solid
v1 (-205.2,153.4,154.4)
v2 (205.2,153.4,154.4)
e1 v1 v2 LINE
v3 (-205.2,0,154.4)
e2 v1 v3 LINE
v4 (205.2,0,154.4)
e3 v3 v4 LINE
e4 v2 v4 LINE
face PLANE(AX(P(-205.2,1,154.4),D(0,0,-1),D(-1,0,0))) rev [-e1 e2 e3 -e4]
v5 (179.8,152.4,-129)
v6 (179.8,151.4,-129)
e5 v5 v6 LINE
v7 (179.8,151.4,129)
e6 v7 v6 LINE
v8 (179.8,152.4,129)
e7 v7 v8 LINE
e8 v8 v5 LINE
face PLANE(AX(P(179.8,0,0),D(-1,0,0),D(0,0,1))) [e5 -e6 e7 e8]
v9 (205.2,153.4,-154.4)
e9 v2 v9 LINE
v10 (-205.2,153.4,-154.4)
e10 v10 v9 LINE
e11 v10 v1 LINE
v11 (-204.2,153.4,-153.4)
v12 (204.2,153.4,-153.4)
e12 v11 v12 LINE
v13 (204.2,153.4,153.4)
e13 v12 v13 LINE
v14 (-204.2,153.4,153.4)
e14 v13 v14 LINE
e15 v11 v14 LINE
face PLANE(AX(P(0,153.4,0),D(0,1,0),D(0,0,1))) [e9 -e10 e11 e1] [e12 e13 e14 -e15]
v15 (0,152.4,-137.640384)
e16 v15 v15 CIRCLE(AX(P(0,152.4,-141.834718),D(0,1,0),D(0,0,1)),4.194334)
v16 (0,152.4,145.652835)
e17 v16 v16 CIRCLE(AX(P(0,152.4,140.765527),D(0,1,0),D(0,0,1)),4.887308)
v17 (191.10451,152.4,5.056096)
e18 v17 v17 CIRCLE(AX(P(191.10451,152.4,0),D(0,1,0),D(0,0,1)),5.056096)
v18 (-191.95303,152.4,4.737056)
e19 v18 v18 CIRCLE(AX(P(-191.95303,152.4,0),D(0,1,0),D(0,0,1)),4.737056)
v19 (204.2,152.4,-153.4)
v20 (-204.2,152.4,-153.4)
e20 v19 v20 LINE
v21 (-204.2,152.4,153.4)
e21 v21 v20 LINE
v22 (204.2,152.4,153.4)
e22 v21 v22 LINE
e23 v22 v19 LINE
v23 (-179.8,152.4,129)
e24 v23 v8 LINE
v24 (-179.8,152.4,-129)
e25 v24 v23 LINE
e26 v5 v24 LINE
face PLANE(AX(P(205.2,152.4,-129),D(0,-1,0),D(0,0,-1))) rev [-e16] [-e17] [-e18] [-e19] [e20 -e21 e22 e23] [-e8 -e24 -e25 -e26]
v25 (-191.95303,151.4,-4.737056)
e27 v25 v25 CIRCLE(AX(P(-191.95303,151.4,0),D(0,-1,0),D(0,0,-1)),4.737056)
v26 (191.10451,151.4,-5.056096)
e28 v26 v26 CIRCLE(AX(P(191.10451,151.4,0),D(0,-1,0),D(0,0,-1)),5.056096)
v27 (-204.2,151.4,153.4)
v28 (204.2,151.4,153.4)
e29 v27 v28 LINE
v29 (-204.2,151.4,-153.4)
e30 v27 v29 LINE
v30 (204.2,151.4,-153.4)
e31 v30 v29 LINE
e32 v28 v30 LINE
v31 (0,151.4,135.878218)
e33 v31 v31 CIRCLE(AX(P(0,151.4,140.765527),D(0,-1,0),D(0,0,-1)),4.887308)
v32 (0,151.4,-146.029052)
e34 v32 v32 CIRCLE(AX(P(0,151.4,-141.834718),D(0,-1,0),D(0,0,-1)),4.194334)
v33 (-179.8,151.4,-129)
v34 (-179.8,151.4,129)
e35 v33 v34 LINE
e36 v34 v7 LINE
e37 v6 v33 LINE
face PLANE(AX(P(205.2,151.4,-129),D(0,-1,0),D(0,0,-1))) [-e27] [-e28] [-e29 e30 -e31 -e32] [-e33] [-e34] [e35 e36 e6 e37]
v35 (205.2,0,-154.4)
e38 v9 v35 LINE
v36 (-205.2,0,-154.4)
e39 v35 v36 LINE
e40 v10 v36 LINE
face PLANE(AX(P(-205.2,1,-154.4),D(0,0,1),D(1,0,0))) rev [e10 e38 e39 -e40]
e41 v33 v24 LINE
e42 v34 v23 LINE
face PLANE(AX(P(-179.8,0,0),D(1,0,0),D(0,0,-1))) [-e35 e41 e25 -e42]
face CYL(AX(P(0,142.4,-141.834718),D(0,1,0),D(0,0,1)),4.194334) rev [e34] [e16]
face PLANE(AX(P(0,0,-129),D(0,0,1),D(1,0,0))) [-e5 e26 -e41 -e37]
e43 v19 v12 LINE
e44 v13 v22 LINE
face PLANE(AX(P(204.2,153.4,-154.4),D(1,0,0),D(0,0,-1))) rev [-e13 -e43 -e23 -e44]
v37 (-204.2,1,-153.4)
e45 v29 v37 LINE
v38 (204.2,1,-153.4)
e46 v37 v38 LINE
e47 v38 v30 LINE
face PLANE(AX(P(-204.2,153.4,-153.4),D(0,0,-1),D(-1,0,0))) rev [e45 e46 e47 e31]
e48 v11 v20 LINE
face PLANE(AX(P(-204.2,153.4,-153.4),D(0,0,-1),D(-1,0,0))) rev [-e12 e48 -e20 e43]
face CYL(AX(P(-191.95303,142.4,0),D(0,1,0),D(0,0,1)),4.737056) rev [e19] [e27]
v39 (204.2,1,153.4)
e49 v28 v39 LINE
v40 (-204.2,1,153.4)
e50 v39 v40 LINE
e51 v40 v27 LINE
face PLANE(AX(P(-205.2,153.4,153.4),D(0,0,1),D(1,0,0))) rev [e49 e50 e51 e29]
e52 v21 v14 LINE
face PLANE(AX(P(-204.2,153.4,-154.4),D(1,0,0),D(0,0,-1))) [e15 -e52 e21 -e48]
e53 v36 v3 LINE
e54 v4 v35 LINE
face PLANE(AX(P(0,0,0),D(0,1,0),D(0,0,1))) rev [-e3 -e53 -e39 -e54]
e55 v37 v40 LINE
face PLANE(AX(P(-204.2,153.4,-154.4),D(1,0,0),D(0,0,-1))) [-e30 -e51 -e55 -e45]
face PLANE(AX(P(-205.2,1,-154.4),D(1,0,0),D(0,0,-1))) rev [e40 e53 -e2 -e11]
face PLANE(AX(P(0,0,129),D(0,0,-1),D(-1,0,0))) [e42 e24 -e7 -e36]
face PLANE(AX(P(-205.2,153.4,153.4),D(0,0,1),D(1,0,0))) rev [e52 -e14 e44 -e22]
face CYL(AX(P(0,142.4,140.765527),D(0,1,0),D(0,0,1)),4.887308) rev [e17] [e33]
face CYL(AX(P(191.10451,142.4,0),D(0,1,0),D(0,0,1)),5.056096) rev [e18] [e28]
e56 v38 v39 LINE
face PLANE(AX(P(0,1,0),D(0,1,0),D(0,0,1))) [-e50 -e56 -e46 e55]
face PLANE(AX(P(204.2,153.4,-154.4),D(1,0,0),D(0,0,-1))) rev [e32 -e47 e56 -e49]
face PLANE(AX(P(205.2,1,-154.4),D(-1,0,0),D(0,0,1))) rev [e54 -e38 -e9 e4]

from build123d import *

# Parameters (mm, degrees)
SKETCH1_W           = 410.4
SKETCH1_H           = 308.8
BOSS_EXTRUDE2_DEPTH = 1
SKETCH5_W           = 410.4
SKETCH5_H           = 1
BOSS_EXTRUDE4_DEPTH = 152.4
SKETCH10_W          = 1
SKETCH10_H          = 308.8
EXTRUDE_THIN2_DEPTH = 152.4
SKETCH11_W          = 1
SKETCH11_H          = 307.8
SKETCH11_W_2        = 409.4
SKETCH11_H_2        = 1
EXTRUDE_THIN3_DEPTH = 152.4
SKETCH12_W          = 410.4
SKETCH12_H          = 1
EXTRUDE_THIN4_DEPTH = 25.4
SKETCH13_W          = 308.8
SKETCH13_H          = 1
EXTRUDE_THIN5_DEPTH = 25.4
SKETCH14_W          = 410.4
SKETCH14_H          = 1
EXTRUDE_THIN6_DEPTH = 25.4
SKETCH15_W          = 308.8
SKETCH15_H          = 1
EXTRUDE_THIN7_DEPTH = 25.4
SKETCH19_R          = 5.056095902
SKETCH19_R_2        = 4.737056414
SKETCH19_R_3        = 4.194334137
SKETCH19_R_4        = 4.887308366
CUT_EXTRUDE3_DEPTH  = 10


with BuildPart() as part:
    # Sketch1 → Boss-Extrude2 (new body)
    with BuildSketch(Plane(origin=(0, 0, 0), x_dir=(1, 0, 0), z_dir=(0, 1, 0))):
        Rectangle(SKETCH1_W, SKETCH1_H)
    extrude(amount=BOSS_EXTRUDE2_DEPTH)

    # Sketch5 → Boss-Extrude4 (add)
    with BuildSketch(Plane(origin=(0, 1, 0), x_dir=(1, 0, 0), z_dir=(0, 1, 0))):
        with Locations((0, -153.9)):
            Rectangle(SKETCH5_W, SKETCH5_H)
    extrude(amount=BOSS_EXTRUDE4_DEPTH)

    # Sketch10 → Extrude-Thin2 (add)
    with BuildSketch(Plane(origin=(0, 1, 0), x_dir=(1, 0, 0), z_dir=(0, 1, 0))):
        with Locations((-204.7, 0)):
            Rectangle(SKETCH10_W, SKETCH10_H)
    extrude(amount=EXTRUDE_THIN2_DEPTH)

    # Sketch11 → Extrude-Thin3 (add)
    with BuildSketch(Plane(origin=(0, 1, 0), x_dir=(1, 0, 0), z_dir=(0, 1, 0))):
        with Locations((204.7, 0.5)):
            Rectangle(SKETCH11_W, SKETCH11_H)
        with Locations((0.5, 153.9)):
            Rectangle(SKETCH11_W_2, SKETCH11_H_2)
    extrude(amount=EXTRUDE_THIN3_DEPTH)

    # Sketch12 → Extrude-Thin4 (add)
    with BuildSketch(Plane(origin=(0, 0, -154.4), x_dir=(-1, 0, 0), z_dir=(0, 0, -1))):
        with Locations((0, 151.9)):
            Rectangle(SKETCH12_W, SKETCH12_H)
    extrude(amount=-EXTRUDE_THIN4_DEPTH)

    # Sketch13 → Extrude-Thin5 (add)
    with BuildSketch(Plane.ZY.offset(205.2)):
        with Locations((0, 151.9)):
            Rectangle(SKETCH13_W, SKETCH13_H)
    extrude(amount=-EXTRUDE_THIN5_DEPTH)

    # Sketch14 → Extrude-Thin6 (add)
    with BuildSketch(Plane.XY.offset(154.4)):
        with Locations((0, 151.9)):
            Rectangle(SKETCH14_W, SKETCH14_H)
    extrude(amount=-EXTRUDE_THIN6_DEPTH)

    # Sketch15 → Extrude-Thin7 (add)
    with BuildSketch(Plane(origin=(205.2, 0, 0), x_dir=(0, 0, -1), z_dir=(1, 0, 0))):
        with Locations((0, 151.9)):
            Rectangle(SKETCH15_W, SKETCH15_H)
    extrude(amount=-EXTRUDE_THIN7_DEPTH)

    # Sketch19 → Cut-Extrude3 (cut)
    with BuildSketch(Plane(origin=(0, 152.4, 0), x_dir=(1, 0, 0), z_dir=(0, 1, 0))):
        with Locations(Location((191.104510435, 0, 0), (0, 0, 270))):
            Circle(SKETCH19_R)
        with Locations(Location((-191.953029846, 0, 0), (0, 0, 270))):
            Circle(SKETCH19_R_2)
        with Locations(Location((0, 141.834718346, 0), (0, 0, 270))):
            Circle(SKETCH19_R_3)
        with Locations(Location((0, -140.765526806, 0), (0, 0, 270))):
            Circle(SKETCH19_R_4)
    extrude(amount=-CUT_EXTRUDE3_DEPTH, mode=Mode.SUBTRACT)


solid = part.part
